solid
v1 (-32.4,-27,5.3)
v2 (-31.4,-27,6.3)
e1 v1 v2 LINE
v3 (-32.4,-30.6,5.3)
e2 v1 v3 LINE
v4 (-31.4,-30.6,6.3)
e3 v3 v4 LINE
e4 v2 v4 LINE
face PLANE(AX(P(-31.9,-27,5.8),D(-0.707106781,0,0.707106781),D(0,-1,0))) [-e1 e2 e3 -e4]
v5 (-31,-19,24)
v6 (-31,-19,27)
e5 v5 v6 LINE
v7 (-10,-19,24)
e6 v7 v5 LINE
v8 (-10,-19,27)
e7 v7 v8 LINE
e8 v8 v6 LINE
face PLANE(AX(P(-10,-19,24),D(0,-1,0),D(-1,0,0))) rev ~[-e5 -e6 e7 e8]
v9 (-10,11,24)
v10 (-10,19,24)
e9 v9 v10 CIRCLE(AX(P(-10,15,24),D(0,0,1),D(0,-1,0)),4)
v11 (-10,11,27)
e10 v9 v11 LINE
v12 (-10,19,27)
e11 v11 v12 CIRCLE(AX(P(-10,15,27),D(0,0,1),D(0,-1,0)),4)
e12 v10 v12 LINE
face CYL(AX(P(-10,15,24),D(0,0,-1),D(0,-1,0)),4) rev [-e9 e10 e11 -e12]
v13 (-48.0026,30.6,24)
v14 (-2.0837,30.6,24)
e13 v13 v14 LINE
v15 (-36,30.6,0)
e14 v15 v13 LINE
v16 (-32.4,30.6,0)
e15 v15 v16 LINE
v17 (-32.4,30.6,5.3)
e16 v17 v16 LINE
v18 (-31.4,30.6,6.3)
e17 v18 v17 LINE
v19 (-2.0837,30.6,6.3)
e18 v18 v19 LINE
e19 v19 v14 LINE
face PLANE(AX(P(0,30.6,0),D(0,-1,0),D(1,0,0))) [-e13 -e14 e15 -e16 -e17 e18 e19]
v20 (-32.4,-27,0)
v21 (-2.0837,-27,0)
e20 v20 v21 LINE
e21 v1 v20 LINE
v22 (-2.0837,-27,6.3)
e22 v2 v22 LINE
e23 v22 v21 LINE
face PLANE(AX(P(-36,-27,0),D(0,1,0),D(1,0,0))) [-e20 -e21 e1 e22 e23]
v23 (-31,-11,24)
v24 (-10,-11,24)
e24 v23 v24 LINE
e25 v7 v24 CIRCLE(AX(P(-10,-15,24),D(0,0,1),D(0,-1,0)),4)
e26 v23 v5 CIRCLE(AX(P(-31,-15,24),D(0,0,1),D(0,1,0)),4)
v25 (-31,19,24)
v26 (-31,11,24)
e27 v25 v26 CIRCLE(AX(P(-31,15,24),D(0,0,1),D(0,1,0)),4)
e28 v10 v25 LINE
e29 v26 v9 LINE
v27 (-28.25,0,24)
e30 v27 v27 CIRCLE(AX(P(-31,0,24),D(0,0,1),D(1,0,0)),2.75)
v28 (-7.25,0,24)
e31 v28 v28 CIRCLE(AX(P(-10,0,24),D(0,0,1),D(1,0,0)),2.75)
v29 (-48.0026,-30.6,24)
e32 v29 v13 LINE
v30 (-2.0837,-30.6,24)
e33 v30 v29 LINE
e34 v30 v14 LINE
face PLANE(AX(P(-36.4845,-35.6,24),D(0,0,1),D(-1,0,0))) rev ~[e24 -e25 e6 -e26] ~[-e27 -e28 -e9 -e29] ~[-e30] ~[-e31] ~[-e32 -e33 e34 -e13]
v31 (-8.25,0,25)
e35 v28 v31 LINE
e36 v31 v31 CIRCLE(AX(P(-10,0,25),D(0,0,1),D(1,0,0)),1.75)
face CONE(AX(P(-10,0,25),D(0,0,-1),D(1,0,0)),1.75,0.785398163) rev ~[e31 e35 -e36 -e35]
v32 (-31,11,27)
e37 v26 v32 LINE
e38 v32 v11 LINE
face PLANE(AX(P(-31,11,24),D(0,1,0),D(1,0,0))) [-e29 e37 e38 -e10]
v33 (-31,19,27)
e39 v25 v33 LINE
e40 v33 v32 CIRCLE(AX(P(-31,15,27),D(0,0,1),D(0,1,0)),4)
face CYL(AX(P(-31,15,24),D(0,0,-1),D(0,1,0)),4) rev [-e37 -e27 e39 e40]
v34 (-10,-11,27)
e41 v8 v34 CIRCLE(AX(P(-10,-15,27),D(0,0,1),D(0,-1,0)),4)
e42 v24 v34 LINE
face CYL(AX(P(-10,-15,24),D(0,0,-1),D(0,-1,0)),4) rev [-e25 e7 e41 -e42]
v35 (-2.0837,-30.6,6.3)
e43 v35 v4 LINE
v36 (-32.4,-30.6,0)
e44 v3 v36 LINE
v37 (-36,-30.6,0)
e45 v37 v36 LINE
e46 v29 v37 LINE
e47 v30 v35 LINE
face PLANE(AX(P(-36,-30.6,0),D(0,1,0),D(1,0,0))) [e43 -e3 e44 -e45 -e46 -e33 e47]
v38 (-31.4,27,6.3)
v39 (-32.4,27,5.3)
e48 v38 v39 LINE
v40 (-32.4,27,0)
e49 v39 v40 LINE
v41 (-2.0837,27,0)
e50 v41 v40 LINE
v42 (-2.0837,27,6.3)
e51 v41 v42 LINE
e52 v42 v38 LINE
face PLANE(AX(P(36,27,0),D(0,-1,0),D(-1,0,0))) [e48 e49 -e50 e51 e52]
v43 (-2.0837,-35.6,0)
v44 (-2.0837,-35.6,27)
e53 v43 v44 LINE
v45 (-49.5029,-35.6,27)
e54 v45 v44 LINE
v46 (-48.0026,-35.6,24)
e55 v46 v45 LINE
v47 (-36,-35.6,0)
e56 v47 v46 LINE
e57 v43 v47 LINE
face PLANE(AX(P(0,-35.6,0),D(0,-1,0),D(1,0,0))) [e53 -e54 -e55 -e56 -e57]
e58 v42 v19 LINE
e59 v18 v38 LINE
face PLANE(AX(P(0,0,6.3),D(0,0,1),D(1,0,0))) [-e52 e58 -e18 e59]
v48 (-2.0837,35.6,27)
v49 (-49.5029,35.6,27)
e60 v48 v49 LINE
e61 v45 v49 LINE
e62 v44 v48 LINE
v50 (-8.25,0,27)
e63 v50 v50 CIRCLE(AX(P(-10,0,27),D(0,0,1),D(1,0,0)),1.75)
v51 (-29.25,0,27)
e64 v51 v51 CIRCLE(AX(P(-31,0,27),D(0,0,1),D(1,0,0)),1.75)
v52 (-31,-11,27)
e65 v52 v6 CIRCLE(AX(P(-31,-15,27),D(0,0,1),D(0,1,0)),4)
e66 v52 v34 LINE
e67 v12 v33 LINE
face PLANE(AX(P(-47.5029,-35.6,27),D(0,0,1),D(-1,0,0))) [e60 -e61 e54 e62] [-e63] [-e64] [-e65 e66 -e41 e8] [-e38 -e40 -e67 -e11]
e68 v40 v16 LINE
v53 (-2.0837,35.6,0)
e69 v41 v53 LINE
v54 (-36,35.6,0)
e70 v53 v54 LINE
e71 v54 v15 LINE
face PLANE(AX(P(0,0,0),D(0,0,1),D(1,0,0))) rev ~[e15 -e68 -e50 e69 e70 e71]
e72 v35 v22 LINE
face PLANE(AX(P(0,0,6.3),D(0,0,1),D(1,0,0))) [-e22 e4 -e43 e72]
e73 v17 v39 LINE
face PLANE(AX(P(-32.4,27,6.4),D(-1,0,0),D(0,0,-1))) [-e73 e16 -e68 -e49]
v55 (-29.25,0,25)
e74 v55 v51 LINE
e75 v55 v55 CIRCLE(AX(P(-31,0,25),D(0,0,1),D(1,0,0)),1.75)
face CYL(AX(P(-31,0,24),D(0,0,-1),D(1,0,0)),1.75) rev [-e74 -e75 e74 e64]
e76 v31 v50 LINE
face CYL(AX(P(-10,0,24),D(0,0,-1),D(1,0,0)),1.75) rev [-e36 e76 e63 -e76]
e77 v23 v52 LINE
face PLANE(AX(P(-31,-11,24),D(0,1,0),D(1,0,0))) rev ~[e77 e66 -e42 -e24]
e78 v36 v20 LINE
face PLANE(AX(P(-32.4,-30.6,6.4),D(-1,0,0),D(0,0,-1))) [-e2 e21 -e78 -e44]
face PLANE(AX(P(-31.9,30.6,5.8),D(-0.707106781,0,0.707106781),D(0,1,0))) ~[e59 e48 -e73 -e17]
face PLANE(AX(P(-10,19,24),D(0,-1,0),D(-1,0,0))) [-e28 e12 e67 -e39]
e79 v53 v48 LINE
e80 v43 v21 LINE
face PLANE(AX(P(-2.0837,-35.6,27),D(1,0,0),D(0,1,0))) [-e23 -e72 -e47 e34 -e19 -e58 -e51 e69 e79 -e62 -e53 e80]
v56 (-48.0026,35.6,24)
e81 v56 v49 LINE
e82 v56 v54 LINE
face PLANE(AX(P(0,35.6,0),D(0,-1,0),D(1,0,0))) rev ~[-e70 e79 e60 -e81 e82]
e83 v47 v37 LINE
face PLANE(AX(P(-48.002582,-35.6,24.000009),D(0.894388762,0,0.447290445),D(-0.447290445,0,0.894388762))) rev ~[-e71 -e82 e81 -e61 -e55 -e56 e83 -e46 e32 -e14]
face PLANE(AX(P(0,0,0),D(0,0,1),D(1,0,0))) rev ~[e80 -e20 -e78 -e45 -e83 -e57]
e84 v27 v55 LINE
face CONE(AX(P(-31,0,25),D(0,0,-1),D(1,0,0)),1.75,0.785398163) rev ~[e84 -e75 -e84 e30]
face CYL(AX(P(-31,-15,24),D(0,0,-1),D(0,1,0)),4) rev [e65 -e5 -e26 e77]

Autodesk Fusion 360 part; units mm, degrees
sketch "Sketch1" plane through (0, 0, 0) normal (0, 0, 1) x (1, 0, 0)
  line L0 (36, 27) -> (-36, 27)
  line L1 (-36, 27) -> (-36, -27)
  line L2 (-36, -27) -> (36, -27)
  line L3 (36, -27) -> (36, 27)
  line L4 (36, 30.6) -> (-36, 30.6)
  line L5 (-36, 35.6) -> (-36, -30.6)
  line L6 (-36, -30.6) -> (36, -30.6)
  line L7 (36, -30.6) -> (36, 30.6)
  line L8 (33, 35.6) -> (-36, 35.6)
  line L9 (41, -27.6) -> (41, 27.6)
  line L10 (33, -35.6) -> (-36, -35.6)
  line L11 (-36, -35.6) -> (-36, 30.6)
  arc A0 (41, 27.6) -> (33, 35.6) centre (33, 27.6) ccw
  arc A1 (33, -35.6) -> (41, -27.6) centre (33, -27.6) ccw
  circle A2 centre (-31, 0) radius 1.75
  line L12 (-31, 11) -> (-10, 11)
  arc A3 (-10, 11) -> (-10, 19) centre (-10, 15) ccw
  line L13 (-10, 19) -> (-31, 19)
  arc A4 (-31, 19) -> (-31, 11) centre (-31, 15) ccw
  line L14 (-31, 15) -> (-10, 15) construction
  line L15 (1.75, 0) -> (22.5, 0)
  line L16 (-31, -11) -> (-10, -11)
  line L17 (-10, -19) -> (-31, -19)
  arc A5 (-10, -19) -> (-10, -11) centre (-10, -15) ccw
  arc A6 (-31, -11) -> (-31, -19) centre (-31, -15) ccw
  circle A7 centre (-10, 0) radius 1.75
  dimension "d1" = 72
  dimension "d2" = 54
  dimension "d3" = 61.2
  dimension "d6" = 8
  dimension "d32" = 3.5
  dimension "d34" = 8
  dimension "d40" = 3.5
extrude "Extrude1" add sketch "Sketch1" along normal blind 6.3 contours L3 L4 L5 L6 L7 L8 L9 L10 L11 A0 A1 | L0 L4 L5 L7 L11 | L2 L5 L6 L7 L11
extrude "Extrude2" add sketch "Sketch1" along normal blind 24 contours L3 L4 L5 L6 L7 L8 L9 L10 L11 A0 A1
extrude "Extrude3" add sketch "Sketch1" along normal blind 27 and the other way blind -24
sketch "Sketch2" plane through (0, -35.6, 0) normal (0, -1, 0) x (1, 0, 0)
  line L0 (-36, 0) -> (33, 0)
  line L1 (33, 0) -> (33, 27)
  line L2 (-36, 27) -> (-36, 0)
  line L3 (-36, 0) -> (-49.5029, 27)
  line L4 (-36, 0) -> (-6, 0) construction
  line L5 (-36, 27) -> (-49.5029, 27)
  line L6 (33, 27) -> (-36, 27)
  line L7 (-36, 27) -> (-36, 24)
  line L8 (-36, 24) -> (-36.4845, 24)
  line L9 (-36.4845, 24) -> (-48.0026, 24)
  line L10 (-36, 0) -> (-36, 6.4)
  line L11 (-36, 6.4) -> (-36, 6)
  line L12 (-36, 6.4) -> (-39.2007, 6.4)
  line L13 (-36, 0) -> (-32.4, 0)
  line L14 (-49.5029, 27) -> (-47.5029, 27)
  line L15 (-36, 6.4) -> (-32.4, 6.4)
  line L16 (-32.4, 6.4) -> (-32.4, 0)
  dimension "d11" = 116.57
  dimension "d25" = 6.4
  dimension "d36" = 3.6
  dimension "d37" = 2
extrude "Extrude4" add sketch "Sketch2" against normal blind 5 contours L2 L3 L10 L11 L12 | L2 L3 L8 L9 L12
extrude "Extrude5" add sketch "Sketch2" along normal blind -71.2 and the other way blind 66.2 contours L2 L3 L10 L11 L12 | L2 L3 L8 L9 L12
extrude "Extrude6" add sketch "Sketch2" against normal blind 71.2 contours L2 L3 L5 L7 L8 L9 L14
extrude "Extrude7" cut sketch "Sketch2" along normal blind -8.6 and the other way blind 5 contours L0 L2 L10 L11 L13 L15 L16
extrude "Extrude8" cut sketch "Sketch2" along normal blind -66.2 and the other way blind 62.6 contours L0 L2 L10 L11 L13 L15 L16
chamfer "Chamfer2" distance 1 angle 45 2 edges at (-32.6316, 0.6328, 24) (-11.6316, 0.6328, 24)
sketch "Sketch3" plane through (0, 0, 27) normal (0, 0, 1) x (-1, 0, 0)
  arc A0 (10, 19) -> (10, 11) centre (10, 15) ccw
  line L0 (10, 19) -> (31, 19)
  arc A1 (31, 11) -> (31, 19) centre (31, 15) ccw
  line L1 (31, 11) -> (10, 11)
  circle A2 centre (31, 0) radius 1.75
  circle A3 centre (10, 0) radius 1.75
  arc A4 (31, -19) -> (31, -11) centre (31, -15) ccw
  line L2 (31, -19) -> (10, -19)
  arc A5 (10, -11) -> (10, -19) centre (10, -15) ccw
  line L3 (10, -11) -> (31, -11)
  line L4 (49.5029, 35.6) -> (-33, 35.6)
  arc A6 (-33, 35.6) -> (-41, 27.6) centre (-33, 27.6) ccw
  line L5 (-41, 27.6) -> (-41, -27.6)
  arc A7 (-41, -27.6) -> (-33, -35.6) centre (-33, -27.6) ccw
  line L6 (-33, -35.6) -> (49.5029, -35.6)
  line L7 (49.5029, -35.6) -> (49.5029, 35.6)
  line L8 (2.0837, -40) -> (-45, -40)
  line L9 (-45, -40) -> (-45, 40)
  line L10 (-45, 40) -> (2.0837, 40)
  line L11 (2.0837, 40) -> (2.0837, -40)
extrude "Extrude9" cut sketch "Sketch3" against normal blind 55 contours L4 A6 L5 A7 L6 L11 | L4 A6 L5 A7 L6 L8 L9 L10 L11
chamfer "Chamfer3" distance 1 angle 45 2 edges at (-32.4, -28.8, 6.3) (-32.4, 28.8, 6.3)
